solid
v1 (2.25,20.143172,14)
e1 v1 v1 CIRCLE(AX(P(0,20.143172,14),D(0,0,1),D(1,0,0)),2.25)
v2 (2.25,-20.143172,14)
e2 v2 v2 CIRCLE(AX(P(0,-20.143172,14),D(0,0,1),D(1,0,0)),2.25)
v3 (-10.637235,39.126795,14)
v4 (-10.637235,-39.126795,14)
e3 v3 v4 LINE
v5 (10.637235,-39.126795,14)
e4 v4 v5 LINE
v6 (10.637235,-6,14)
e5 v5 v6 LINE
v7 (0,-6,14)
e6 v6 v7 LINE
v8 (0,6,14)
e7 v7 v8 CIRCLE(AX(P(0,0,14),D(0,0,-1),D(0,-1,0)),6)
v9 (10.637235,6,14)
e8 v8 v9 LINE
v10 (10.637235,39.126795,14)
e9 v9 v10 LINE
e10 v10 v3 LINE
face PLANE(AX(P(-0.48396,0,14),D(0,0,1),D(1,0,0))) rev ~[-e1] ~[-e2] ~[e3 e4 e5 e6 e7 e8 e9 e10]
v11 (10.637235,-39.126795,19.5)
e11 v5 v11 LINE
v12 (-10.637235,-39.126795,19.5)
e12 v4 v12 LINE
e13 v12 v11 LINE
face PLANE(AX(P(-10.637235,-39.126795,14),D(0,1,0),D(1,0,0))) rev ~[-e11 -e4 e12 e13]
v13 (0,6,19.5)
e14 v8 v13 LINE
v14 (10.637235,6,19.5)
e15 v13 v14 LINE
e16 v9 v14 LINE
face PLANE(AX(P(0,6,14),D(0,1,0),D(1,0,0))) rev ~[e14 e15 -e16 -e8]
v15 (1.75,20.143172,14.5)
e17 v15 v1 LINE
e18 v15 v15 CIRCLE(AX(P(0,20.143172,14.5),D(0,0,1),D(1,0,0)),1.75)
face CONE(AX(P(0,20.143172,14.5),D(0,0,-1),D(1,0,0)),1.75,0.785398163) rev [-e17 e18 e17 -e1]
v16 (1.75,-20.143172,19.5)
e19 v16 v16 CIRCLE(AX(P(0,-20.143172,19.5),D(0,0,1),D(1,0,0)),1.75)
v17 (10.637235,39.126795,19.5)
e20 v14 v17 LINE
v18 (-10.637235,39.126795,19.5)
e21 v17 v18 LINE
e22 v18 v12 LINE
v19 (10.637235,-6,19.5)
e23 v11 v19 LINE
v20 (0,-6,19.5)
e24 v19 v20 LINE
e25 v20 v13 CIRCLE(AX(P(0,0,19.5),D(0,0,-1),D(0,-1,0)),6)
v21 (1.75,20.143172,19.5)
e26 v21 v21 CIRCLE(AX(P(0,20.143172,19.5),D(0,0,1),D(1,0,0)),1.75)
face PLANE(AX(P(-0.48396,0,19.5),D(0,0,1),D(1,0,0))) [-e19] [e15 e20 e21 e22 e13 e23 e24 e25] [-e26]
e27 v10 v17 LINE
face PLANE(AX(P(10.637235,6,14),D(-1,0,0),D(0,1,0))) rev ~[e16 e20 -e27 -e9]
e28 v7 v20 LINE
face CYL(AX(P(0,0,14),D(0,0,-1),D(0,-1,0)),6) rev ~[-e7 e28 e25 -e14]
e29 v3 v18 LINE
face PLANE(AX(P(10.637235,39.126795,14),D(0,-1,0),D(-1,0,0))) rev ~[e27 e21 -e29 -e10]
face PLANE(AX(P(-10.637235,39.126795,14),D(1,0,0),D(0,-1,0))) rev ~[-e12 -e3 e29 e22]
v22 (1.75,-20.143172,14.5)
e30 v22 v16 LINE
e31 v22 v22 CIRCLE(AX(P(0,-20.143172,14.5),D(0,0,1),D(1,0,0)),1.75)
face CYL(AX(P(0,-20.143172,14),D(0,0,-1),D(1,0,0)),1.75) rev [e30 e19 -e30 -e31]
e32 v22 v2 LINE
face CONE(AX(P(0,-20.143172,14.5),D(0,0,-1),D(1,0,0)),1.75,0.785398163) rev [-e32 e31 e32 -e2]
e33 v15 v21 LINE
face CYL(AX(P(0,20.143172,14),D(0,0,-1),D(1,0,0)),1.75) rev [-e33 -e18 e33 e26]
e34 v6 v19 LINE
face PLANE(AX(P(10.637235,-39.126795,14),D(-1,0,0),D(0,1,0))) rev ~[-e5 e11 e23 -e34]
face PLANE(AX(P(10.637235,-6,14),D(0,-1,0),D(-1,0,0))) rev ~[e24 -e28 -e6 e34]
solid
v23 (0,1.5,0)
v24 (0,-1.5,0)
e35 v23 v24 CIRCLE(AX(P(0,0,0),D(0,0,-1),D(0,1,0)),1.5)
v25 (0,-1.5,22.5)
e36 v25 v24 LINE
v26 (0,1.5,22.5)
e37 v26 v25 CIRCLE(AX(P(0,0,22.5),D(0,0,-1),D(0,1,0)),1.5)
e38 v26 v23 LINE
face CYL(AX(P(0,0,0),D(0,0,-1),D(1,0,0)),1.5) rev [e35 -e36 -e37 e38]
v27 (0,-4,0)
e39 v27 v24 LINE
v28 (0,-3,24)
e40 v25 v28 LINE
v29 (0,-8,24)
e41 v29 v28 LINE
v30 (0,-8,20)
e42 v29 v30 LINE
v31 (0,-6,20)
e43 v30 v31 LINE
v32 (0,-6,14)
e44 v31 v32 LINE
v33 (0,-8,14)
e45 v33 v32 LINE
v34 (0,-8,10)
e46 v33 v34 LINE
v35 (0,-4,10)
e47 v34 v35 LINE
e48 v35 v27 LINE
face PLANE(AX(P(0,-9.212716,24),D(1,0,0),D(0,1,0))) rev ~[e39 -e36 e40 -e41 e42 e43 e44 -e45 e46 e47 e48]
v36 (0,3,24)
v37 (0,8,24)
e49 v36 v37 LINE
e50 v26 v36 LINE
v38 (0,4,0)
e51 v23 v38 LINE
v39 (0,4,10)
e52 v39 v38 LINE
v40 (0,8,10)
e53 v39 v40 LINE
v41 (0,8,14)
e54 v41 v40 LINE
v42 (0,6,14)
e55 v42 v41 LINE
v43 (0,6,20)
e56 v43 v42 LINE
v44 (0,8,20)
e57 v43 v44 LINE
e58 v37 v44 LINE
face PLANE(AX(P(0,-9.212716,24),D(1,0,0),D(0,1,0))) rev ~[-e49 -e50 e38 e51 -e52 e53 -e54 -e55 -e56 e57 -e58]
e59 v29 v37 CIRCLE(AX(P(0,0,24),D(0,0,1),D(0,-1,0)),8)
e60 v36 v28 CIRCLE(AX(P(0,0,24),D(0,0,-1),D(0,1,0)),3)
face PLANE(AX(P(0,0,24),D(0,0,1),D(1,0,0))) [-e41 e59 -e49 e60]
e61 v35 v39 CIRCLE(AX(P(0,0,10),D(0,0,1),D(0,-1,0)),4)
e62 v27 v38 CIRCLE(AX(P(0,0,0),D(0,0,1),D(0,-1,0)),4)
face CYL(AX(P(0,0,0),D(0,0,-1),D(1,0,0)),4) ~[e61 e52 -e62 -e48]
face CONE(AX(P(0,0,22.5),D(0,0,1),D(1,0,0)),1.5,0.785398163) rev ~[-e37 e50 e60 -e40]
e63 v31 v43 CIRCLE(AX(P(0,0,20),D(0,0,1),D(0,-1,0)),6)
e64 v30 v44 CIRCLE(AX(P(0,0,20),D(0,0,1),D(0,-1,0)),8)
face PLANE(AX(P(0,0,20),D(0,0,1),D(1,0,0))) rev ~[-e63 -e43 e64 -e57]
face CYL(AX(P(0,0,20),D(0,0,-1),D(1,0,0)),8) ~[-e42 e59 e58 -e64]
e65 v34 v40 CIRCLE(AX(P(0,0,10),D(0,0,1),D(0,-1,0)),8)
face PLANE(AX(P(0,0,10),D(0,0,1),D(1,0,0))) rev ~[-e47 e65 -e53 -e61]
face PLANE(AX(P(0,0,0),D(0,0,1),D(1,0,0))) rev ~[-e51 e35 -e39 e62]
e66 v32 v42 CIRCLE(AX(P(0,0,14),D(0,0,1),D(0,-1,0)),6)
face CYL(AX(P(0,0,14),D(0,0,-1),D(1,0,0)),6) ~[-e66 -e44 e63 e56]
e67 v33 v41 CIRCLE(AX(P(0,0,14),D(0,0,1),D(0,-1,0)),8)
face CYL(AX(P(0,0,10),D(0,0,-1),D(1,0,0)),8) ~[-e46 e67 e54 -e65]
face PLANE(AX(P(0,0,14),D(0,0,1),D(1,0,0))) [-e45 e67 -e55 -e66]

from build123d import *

# Parameters (mm, degrees)
F0_R      = 4
F0_R_2    = 1.5
F1_DEPTH  = 10
F2_R      = 8
F3_DEPTH  = 4
F4_R      = 6
F5_DEPTH  = 6
F6_R      = 8
F7_DEPTH  = 4
F8_DEPTH  = 24.001
F9_SIZE   = 1.5
F10_R     = 1.75
F11_DEPTH = 5.5
F12_SIZE  = 0.5
F13_W     = 9.0406714007
F13_H     = 17.2127164826
F14_DEPTH = 24


with BuildPart() as f1:
    # F0 (on Top) → F1 (new body)
    with BuildSketch(Plane.XY):
        Circle(F0_R)
        Circle(F0_R_2, mode=Mode.SUBTRACT)
        Circle(F0_R_2)
    extrude(amount=F1_DEPTH)

    # F2 (on face) → F3 (join)
    with BuildSketch(Plane.XY.offset(10)):
        Circle(F2_R)
    extrude(amount=F3_DEPTH)

    # F4 (on face) → F5 (join)
    with BuildSketch(Plane.XY.offset(14)):
        Circle(F4_R)
    extrude(amount=F5_DEPTH)

    # F6 (on face) → F7 (join)
    with BuildSketch(Plane.XY.offset(20)):
        Circle(F6_R)
    extrude(amount=F7_DEPTH)

    # F0 (on Top) → F8 (cut, through all)
    with BuildSketch(Plane.XY):
        Circle(F0_R_2)
    extrude(amount=F8_DEPTH, mode=Mode.SUBTRACT)

    # F9
    f9_edges = [f1.edges().sort_by_distance(p)[0] for p in [
        (-1.5, 0, 24),
    ]]
    chamfer(f9_edges, length=F9_SIZE)


with BuildPart() as f11:
    # F10 (on face) → F11 (new body)
    with BuildSketch(Plane.XY.offset(14)):
        with BuildLine():
            Line((-10.6372348964, 39.1267947853), (-10.6372348964, -39.1267947853))
            Line((-10.6372348964, -39.1267947853), (10.6372348964, -39.1267947853))
            Line((10.6372348964, -39.1267947853), (10.6372348964, -6))
            Line((10.6372348964, -6), (5.2915026221, -6))
            ThreePointArc((5.2915026221, -6), (-8, 0), (5.2915026221, 6))
            Line((5.2915026221, 6), (10.6372348964, 6))
            Line((10.6372348964, 6), (10.6372348964, 39.1267947853))
            Line((10.6372348964, 39.1267947853), (-10.6372348964, 39.1267947853))
        make_face()
        with Locations((0, -20.1431717724)):
            Circle(F10_R, mode=Mode.SUBTRACT)
        with Locations((0, 20.1431717724)):
            Circle(F10_R, mode=Mode.SUBTRACT)
        with BuildLine():
            ThreePointArc((5.2915026221, 6), (-8, 0), (5.2915026221, -6))
            Line((5.2915026221, -6), (0, -6))
            ThreePointArc((0, -6), (-6, 0), (0, 6))
            Line((0, 6), (5.2915026221, 6))
        make_face()
    extrude(amount=F11_DEPTH)

    # F12
    f12_edges = [f11.edges().sort_by_distance(p)[0] for p in [
        (-1.75, 20.143172, 14),
        (-1.75, -20.143172, 14),
    ]]
    chamfer(f12_edges, length=F12_SIZE)


with BuildPart() as f14:
    # F13 (on face) → F14 (new body, through all)
    with BuildSketch(Plane.XY.offset(24)):
        with Locations((-4.5203357004, -0.6063582413)):
            Rectangle(F13_W, F13_H)
    extrude(amount=-F14_DEPTH)


with BuildPart() as f1_1:
    add(f1.part)

    # F15: cut F14
    add(f14.part, mode=Mode.SUBTRACT)


solid = Compound([f11.part, f1_1.part])
